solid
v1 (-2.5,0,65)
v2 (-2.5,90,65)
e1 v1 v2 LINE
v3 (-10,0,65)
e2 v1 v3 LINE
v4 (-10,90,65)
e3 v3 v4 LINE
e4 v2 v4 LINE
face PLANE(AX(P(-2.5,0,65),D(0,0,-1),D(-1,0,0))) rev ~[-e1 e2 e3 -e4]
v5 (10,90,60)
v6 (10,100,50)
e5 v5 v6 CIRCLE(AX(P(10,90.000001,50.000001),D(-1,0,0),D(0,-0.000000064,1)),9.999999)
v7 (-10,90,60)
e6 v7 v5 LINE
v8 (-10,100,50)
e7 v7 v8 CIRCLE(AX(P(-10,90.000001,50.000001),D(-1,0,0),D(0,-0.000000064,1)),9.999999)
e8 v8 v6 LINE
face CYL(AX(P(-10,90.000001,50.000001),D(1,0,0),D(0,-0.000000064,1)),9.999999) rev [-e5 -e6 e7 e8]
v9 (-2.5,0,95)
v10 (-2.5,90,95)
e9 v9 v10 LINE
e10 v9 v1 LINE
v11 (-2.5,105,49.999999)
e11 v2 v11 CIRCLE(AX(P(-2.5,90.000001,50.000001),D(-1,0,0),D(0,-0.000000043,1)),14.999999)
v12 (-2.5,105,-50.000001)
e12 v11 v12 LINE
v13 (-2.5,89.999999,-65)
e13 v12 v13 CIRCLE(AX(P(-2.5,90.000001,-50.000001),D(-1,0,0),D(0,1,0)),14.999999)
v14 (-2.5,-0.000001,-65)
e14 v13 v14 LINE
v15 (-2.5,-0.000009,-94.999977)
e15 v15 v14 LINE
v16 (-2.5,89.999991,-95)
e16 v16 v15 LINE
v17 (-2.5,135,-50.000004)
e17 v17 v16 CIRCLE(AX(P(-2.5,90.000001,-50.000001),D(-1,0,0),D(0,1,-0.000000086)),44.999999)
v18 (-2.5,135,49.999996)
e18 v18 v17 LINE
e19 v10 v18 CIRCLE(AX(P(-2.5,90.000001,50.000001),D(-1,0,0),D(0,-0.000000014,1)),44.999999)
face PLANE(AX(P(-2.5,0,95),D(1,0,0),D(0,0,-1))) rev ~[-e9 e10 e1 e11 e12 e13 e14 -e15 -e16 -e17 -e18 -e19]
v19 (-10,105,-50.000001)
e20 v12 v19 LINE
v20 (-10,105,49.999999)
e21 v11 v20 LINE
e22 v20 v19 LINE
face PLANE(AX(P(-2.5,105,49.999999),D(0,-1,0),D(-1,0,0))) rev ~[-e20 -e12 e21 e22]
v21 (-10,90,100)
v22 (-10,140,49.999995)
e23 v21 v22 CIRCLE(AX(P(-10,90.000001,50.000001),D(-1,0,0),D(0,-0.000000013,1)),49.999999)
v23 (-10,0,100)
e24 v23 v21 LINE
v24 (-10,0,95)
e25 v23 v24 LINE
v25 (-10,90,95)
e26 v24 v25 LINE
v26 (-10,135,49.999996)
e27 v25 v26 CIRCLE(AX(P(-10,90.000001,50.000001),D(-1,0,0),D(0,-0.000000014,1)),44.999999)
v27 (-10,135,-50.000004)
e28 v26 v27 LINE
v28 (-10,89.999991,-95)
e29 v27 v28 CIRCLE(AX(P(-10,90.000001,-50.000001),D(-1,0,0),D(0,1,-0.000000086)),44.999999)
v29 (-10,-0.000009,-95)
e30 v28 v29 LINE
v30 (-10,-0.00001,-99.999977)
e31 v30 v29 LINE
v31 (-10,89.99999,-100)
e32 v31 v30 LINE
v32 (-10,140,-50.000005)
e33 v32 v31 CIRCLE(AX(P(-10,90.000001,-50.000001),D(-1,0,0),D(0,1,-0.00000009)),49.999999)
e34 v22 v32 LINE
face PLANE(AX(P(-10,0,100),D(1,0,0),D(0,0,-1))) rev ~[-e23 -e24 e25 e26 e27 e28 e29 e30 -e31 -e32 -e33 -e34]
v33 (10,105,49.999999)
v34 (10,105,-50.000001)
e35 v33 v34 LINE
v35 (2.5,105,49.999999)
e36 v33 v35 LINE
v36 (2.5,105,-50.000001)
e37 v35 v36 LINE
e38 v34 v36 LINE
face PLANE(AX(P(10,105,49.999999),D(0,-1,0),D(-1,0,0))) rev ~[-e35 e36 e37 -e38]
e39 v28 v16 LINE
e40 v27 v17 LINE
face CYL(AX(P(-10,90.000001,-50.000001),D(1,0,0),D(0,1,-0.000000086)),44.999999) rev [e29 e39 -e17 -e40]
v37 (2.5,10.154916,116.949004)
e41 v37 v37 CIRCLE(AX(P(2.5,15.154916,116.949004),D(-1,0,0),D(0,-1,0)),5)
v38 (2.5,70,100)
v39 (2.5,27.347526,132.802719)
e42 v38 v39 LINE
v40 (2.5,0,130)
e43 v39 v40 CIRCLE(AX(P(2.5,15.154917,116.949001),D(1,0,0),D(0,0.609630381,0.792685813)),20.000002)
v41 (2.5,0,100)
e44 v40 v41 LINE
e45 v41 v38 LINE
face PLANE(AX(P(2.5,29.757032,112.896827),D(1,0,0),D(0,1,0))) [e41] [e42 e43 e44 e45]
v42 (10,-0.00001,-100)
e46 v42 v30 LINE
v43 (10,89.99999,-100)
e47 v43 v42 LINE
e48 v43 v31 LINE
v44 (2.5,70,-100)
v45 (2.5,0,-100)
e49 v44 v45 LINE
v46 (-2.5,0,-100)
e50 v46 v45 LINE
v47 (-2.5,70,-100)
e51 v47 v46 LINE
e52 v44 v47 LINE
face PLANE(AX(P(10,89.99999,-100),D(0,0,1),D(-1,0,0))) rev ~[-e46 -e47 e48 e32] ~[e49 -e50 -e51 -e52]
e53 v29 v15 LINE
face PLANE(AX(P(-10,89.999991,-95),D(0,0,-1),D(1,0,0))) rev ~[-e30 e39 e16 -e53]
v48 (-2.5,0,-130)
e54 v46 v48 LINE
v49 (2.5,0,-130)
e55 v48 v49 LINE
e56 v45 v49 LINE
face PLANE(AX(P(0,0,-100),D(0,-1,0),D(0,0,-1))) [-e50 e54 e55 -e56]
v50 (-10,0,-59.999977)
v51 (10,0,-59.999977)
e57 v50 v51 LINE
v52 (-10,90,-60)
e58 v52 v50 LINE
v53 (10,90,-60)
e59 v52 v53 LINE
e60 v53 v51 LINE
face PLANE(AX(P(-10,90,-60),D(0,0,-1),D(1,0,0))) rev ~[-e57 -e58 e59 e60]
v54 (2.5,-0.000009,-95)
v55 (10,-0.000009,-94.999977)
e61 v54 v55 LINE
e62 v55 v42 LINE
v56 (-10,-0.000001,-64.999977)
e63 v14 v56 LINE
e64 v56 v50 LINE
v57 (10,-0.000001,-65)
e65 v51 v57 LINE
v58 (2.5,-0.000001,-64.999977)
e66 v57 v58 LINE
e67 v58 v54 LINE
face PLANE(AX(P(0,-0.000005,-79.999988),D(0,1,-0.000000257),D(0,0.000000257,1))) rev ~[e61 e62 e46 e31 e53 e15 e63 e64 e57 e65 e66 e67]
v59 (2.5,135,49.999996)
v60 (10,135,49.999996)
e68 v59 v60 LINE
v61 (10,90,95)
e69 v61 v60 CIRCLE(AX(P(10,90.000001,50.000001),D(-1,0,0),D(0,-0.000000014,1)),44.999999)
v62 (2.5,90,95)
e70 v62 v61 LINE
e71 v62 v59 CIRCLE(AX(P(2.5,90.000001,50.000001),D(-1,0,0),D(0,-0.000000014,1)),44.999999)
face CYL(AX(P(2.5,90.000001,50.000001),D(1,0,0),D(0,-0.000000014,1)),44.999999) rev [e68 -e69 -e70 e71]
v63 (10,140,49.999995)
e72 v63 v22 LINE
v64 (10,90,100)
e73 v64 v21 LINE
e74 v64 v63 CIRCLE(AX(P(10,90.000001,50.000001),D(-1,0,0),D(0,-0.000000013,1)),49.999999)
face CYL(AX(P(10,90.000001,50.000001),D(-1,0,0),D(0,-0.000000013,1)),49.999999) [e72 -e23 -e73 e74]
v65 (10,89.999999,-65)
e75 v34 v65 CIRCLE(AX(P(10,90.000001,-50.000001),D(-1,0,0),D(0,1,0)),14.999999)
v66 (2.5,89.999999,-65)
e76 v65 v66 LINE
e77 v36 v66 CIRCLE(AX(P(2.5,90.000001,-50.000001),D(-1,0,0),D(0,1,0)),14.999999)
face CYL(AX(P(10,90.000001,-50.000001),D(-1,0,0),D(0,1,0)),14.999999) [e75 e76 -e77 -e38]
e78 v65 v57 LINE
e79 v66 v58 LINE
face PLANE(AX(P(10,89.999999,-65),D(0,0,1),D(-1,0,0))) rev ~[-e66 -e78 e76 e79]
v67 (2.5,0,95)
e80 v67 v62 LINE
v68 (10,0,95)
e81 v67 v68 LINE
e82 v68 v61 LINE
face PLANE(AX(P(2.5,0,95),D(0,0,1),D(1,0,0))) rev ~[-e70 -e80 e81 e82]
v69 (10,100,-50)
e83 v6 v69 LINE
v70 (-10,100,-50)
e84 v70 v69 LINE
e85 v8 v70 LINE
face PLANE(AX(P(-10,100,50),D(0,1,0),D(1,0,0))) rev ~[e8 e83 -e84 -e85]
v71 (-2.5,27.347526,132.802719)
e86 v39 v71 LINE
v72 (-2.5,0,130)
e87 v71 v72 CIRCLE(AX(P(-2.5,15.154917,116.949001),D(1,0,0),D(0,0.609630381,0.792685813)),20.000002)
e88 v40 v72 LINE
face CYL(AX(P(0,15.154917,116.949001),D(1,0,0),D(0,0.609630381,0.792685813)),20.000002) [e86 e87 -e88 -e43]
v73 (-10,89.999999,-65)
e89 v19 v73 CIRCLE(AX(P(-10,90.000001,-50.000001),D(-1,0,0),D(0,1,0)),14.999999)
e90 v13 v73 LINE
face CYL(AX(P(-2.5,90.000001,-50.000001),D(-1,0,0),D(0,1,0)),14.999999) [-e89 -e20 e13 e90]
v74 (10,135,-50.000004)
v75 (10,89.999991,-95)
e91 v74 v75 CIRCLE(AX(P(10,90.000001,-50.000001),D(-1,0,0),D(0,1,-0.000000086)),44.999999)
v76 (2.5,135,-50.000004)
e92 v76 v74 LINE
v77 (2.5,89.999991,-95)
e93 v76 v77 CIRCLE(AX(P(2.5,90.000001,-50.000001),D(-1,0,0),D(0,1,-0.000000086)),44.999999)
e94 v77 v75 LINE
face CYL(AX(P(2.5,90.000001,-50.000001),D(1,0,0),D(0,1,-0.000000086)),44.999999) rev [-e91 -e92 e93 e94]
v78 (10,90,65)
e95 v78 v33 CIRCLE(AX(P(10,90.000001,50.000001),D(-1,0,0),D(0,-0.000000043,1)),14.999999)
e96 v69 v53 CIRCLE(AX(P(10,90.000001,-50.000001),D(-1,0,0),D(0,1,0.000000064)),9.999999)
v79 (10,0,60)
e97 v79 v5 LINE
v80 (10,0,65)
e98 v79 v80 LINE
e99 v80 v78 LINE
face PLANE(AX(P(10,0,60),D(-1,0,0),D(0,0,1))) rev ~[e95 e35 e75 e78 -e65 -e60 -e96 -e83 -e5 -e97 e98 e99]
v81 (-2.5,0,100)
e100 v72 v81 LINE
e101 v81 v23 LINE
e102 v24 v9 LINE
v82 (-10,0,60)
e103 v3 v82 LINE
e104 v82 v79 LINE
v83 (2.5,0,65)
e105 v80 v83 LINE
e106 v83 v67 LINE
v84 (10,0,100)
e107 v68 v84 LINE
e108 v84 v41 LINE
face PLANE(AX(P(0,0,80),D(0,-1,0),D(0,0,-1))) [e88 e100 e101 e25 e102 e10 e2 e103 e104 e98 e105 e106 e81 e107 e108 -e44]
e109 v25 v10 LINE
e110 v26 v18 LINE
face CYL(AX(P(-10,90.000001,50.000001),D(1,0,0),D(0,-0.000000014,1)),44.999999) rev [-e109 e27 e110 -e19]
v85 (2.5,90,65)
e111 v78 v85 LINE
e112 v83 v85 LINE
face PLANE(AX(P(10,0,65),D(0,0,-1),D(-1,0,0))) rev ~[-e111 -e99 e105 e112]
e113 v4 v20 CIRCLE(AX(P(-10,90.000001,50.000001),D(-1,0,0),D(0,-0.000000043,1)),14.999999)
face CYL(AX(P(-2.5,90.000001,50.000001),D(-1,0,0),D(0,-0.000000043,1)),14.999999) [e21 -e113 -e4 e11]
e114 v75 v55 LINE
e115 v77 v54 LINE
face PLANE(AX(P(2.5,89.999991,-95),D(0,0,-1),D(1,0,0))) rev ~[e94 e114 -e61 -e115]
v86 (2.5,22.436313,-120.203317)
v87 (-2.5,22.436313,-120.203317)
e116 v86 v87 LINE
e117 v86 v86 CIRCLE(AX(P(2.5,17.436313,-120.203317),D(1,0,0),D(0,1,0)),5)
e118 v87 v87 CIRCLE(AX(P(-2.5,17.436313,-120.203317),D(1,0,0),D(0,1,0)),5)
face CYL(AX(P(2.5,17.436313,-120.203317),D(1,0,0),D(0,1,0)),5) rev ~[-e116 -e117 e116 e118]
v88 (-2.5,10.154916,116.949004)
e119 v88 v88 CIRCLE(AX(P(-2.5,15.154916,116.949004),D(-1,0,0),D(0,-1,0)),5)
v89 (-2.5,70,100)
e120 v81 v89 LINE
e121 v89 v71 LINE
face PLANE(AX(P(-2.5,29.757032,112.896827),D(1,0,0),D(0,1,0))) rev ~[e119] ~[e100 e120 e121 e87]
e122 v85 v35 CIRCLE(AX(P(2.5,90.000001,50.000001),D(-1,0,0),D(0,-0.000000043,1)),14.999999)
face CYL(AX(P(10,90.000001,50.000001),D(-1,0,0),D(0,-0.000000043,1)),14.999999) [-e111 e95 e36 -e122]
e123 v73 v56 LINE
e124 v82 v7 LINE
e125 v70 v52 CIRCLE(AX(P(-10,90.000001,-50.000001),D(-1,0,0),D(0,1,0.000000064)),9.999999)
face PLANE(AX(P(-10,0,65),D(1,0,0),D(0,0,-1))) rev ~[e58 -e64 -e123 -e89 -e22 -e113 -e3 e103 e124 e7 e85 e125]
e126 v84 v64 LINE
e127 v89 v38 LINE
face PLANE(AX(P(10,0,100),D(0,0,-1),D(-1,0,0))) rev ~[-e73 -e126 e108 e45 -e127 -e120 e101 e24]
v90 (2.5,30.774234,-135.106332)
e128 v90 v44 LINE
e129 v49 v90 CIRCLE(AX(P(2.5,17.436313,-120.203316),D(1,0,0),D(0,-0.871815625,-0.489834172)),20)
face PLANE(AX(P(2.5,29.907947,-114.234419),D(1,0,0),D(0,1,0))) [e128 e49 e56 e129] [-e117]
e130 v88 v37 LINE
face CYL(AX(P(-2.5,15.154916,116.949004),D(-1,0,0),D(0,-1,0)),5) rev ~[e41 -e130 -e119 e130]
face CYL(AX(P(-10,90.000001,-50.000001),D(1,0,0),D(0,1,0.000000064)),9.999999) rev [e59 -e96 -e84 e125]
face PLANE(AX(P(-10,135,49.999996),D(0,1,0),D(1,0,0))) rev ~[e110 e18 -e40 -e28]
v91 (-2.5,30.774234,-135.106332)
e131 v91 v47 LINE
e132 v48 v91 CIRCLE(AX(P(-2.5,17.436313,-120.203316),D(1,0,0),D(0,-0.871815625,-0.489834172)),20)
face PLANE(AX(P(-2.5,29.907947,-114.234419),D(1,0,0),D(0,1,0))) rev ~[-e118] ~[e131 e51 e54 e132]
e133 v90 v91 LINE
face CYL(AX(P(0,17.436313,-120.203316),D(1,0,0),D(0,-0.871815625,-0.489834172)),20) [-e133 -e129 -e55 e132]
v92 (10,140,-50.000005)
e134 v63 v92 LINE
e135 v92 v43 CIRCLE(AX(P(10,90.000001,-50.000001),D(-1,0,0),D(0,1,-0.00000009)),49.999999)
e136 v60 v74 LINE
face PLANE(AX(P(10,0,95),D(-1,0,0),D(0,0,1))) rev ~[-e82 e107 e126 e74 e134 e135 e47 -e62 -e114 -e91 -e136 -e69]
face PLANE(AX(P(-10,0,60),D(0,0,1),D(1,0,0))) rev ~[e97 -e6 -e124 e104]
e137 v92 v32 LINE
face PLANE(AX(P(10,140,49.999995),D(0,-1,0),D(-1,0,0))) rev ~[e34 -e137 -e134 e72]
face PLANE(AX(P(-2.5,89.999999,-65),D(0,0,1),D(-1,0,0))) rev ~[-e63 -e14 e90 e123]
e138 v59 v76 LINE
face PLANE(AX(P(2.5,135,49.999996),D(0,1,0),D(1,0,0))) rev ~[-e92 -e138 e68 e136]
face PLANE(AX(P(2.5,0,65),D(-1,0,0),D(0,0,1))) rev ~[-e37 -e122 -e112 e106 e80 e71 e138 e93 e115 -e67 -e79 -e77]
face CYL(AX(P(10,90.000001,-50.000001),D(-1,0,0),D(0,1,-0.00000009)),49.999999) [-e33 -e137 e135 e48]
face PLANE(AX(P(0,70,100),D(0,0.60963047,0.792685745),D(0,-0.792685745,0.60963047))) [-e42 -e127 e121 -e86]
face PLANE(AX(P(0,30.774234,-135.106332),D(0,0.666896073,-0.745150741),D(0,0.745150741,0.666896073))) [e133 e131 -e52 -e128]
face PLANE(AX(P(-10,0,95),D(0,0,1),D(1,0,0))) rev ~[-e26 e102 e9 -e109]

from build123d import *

# Parameters (mm, degrees)
F4_DEPTH  = 2.5
F5_R      = 5
F6_DEPTH  = 25.4
F8_DEPTH  = 2.5
F9_R      = 5
F10_DEPTH = 25.4


with BuildPart() as f2:
    # F2: sweep along a path in F1
    with BuildLine(Plane.YZ) as f2_path:
        Line((0, 60), (90, 60))
        ThreePointArc((90, 60), (97.071068, 57.071068), (100, 50))
        Line((100, 50), (100, -50))
        ThreePointArc((100, -50), (97.071068, -57.071068), (90, -60))
        Line((90, -60), (0, -60))
    # F0 (on Front) → F2 (sweep)
    with BuildSketch(Plane.XZ):
        Polygon((-10, 60), (0, 60), (10, 60), (10, 65), (2.5, 65), (2.5, 95), (10, 95), (10, 100), (0, 100), (-10, 100), (-10, 95), (-2.5, 95), (-2.5, 65), (-10, 65), align=None)
    sweep(path=f2_path.line)

    # F3 (on Right) → F4 (join, symmetric)
    with BuildSketch(Plane.YZ):
        with BuildLine():
            Line((0, 130), (0, 100))
            Line((0, 100), (70, 100))
            Line((70, 100), (27.347526, 132.802719))
            ThreePointArc((27.347526, 132.802719), (13.115891, 136.844791), (0, 130))
        make_face()
    extrude(amount=F4_DEPTH, both=True)

    # F5 (on face) → F6 (cut)
    with BuildSketch(Plane(origin=(-2.5, 0, 0), x_dir=(0, -1, 0), z_dir=(-1, 0, 0))):
        with Locations((-15.154916, 116.949004)):
            Circle(F5_R)
    extrude(amount=-F6_DEPTH, mode=Mode.SUBTRACT)

    # F7 (on Right) → F8 (join, symmetric)
    with BuildSketch(Plane.YZ):
        with BuildLine():
            Line((70, -100), (0, -100))
            Line((0, -100), (0, -130))
            ThreePointArc((0, -130), (14.162499, -139.933551), (30.774234, -135.106332))
            Line((30.774234, -135.106332), (70, -100))
        make_face()
    extrude(amount=F8_DEPTH, both=True)

    # F9 (on face) → F10 (cut)
    with BuildSketch(Plane.YZ.offset(2.5)):
        with Locations((17.436313, -120.203317)):
            Circle(F9_R)
    extrude(amount=-F10_DEPTH, mode=Mode.SUBTRACT)


solid = f2.part
